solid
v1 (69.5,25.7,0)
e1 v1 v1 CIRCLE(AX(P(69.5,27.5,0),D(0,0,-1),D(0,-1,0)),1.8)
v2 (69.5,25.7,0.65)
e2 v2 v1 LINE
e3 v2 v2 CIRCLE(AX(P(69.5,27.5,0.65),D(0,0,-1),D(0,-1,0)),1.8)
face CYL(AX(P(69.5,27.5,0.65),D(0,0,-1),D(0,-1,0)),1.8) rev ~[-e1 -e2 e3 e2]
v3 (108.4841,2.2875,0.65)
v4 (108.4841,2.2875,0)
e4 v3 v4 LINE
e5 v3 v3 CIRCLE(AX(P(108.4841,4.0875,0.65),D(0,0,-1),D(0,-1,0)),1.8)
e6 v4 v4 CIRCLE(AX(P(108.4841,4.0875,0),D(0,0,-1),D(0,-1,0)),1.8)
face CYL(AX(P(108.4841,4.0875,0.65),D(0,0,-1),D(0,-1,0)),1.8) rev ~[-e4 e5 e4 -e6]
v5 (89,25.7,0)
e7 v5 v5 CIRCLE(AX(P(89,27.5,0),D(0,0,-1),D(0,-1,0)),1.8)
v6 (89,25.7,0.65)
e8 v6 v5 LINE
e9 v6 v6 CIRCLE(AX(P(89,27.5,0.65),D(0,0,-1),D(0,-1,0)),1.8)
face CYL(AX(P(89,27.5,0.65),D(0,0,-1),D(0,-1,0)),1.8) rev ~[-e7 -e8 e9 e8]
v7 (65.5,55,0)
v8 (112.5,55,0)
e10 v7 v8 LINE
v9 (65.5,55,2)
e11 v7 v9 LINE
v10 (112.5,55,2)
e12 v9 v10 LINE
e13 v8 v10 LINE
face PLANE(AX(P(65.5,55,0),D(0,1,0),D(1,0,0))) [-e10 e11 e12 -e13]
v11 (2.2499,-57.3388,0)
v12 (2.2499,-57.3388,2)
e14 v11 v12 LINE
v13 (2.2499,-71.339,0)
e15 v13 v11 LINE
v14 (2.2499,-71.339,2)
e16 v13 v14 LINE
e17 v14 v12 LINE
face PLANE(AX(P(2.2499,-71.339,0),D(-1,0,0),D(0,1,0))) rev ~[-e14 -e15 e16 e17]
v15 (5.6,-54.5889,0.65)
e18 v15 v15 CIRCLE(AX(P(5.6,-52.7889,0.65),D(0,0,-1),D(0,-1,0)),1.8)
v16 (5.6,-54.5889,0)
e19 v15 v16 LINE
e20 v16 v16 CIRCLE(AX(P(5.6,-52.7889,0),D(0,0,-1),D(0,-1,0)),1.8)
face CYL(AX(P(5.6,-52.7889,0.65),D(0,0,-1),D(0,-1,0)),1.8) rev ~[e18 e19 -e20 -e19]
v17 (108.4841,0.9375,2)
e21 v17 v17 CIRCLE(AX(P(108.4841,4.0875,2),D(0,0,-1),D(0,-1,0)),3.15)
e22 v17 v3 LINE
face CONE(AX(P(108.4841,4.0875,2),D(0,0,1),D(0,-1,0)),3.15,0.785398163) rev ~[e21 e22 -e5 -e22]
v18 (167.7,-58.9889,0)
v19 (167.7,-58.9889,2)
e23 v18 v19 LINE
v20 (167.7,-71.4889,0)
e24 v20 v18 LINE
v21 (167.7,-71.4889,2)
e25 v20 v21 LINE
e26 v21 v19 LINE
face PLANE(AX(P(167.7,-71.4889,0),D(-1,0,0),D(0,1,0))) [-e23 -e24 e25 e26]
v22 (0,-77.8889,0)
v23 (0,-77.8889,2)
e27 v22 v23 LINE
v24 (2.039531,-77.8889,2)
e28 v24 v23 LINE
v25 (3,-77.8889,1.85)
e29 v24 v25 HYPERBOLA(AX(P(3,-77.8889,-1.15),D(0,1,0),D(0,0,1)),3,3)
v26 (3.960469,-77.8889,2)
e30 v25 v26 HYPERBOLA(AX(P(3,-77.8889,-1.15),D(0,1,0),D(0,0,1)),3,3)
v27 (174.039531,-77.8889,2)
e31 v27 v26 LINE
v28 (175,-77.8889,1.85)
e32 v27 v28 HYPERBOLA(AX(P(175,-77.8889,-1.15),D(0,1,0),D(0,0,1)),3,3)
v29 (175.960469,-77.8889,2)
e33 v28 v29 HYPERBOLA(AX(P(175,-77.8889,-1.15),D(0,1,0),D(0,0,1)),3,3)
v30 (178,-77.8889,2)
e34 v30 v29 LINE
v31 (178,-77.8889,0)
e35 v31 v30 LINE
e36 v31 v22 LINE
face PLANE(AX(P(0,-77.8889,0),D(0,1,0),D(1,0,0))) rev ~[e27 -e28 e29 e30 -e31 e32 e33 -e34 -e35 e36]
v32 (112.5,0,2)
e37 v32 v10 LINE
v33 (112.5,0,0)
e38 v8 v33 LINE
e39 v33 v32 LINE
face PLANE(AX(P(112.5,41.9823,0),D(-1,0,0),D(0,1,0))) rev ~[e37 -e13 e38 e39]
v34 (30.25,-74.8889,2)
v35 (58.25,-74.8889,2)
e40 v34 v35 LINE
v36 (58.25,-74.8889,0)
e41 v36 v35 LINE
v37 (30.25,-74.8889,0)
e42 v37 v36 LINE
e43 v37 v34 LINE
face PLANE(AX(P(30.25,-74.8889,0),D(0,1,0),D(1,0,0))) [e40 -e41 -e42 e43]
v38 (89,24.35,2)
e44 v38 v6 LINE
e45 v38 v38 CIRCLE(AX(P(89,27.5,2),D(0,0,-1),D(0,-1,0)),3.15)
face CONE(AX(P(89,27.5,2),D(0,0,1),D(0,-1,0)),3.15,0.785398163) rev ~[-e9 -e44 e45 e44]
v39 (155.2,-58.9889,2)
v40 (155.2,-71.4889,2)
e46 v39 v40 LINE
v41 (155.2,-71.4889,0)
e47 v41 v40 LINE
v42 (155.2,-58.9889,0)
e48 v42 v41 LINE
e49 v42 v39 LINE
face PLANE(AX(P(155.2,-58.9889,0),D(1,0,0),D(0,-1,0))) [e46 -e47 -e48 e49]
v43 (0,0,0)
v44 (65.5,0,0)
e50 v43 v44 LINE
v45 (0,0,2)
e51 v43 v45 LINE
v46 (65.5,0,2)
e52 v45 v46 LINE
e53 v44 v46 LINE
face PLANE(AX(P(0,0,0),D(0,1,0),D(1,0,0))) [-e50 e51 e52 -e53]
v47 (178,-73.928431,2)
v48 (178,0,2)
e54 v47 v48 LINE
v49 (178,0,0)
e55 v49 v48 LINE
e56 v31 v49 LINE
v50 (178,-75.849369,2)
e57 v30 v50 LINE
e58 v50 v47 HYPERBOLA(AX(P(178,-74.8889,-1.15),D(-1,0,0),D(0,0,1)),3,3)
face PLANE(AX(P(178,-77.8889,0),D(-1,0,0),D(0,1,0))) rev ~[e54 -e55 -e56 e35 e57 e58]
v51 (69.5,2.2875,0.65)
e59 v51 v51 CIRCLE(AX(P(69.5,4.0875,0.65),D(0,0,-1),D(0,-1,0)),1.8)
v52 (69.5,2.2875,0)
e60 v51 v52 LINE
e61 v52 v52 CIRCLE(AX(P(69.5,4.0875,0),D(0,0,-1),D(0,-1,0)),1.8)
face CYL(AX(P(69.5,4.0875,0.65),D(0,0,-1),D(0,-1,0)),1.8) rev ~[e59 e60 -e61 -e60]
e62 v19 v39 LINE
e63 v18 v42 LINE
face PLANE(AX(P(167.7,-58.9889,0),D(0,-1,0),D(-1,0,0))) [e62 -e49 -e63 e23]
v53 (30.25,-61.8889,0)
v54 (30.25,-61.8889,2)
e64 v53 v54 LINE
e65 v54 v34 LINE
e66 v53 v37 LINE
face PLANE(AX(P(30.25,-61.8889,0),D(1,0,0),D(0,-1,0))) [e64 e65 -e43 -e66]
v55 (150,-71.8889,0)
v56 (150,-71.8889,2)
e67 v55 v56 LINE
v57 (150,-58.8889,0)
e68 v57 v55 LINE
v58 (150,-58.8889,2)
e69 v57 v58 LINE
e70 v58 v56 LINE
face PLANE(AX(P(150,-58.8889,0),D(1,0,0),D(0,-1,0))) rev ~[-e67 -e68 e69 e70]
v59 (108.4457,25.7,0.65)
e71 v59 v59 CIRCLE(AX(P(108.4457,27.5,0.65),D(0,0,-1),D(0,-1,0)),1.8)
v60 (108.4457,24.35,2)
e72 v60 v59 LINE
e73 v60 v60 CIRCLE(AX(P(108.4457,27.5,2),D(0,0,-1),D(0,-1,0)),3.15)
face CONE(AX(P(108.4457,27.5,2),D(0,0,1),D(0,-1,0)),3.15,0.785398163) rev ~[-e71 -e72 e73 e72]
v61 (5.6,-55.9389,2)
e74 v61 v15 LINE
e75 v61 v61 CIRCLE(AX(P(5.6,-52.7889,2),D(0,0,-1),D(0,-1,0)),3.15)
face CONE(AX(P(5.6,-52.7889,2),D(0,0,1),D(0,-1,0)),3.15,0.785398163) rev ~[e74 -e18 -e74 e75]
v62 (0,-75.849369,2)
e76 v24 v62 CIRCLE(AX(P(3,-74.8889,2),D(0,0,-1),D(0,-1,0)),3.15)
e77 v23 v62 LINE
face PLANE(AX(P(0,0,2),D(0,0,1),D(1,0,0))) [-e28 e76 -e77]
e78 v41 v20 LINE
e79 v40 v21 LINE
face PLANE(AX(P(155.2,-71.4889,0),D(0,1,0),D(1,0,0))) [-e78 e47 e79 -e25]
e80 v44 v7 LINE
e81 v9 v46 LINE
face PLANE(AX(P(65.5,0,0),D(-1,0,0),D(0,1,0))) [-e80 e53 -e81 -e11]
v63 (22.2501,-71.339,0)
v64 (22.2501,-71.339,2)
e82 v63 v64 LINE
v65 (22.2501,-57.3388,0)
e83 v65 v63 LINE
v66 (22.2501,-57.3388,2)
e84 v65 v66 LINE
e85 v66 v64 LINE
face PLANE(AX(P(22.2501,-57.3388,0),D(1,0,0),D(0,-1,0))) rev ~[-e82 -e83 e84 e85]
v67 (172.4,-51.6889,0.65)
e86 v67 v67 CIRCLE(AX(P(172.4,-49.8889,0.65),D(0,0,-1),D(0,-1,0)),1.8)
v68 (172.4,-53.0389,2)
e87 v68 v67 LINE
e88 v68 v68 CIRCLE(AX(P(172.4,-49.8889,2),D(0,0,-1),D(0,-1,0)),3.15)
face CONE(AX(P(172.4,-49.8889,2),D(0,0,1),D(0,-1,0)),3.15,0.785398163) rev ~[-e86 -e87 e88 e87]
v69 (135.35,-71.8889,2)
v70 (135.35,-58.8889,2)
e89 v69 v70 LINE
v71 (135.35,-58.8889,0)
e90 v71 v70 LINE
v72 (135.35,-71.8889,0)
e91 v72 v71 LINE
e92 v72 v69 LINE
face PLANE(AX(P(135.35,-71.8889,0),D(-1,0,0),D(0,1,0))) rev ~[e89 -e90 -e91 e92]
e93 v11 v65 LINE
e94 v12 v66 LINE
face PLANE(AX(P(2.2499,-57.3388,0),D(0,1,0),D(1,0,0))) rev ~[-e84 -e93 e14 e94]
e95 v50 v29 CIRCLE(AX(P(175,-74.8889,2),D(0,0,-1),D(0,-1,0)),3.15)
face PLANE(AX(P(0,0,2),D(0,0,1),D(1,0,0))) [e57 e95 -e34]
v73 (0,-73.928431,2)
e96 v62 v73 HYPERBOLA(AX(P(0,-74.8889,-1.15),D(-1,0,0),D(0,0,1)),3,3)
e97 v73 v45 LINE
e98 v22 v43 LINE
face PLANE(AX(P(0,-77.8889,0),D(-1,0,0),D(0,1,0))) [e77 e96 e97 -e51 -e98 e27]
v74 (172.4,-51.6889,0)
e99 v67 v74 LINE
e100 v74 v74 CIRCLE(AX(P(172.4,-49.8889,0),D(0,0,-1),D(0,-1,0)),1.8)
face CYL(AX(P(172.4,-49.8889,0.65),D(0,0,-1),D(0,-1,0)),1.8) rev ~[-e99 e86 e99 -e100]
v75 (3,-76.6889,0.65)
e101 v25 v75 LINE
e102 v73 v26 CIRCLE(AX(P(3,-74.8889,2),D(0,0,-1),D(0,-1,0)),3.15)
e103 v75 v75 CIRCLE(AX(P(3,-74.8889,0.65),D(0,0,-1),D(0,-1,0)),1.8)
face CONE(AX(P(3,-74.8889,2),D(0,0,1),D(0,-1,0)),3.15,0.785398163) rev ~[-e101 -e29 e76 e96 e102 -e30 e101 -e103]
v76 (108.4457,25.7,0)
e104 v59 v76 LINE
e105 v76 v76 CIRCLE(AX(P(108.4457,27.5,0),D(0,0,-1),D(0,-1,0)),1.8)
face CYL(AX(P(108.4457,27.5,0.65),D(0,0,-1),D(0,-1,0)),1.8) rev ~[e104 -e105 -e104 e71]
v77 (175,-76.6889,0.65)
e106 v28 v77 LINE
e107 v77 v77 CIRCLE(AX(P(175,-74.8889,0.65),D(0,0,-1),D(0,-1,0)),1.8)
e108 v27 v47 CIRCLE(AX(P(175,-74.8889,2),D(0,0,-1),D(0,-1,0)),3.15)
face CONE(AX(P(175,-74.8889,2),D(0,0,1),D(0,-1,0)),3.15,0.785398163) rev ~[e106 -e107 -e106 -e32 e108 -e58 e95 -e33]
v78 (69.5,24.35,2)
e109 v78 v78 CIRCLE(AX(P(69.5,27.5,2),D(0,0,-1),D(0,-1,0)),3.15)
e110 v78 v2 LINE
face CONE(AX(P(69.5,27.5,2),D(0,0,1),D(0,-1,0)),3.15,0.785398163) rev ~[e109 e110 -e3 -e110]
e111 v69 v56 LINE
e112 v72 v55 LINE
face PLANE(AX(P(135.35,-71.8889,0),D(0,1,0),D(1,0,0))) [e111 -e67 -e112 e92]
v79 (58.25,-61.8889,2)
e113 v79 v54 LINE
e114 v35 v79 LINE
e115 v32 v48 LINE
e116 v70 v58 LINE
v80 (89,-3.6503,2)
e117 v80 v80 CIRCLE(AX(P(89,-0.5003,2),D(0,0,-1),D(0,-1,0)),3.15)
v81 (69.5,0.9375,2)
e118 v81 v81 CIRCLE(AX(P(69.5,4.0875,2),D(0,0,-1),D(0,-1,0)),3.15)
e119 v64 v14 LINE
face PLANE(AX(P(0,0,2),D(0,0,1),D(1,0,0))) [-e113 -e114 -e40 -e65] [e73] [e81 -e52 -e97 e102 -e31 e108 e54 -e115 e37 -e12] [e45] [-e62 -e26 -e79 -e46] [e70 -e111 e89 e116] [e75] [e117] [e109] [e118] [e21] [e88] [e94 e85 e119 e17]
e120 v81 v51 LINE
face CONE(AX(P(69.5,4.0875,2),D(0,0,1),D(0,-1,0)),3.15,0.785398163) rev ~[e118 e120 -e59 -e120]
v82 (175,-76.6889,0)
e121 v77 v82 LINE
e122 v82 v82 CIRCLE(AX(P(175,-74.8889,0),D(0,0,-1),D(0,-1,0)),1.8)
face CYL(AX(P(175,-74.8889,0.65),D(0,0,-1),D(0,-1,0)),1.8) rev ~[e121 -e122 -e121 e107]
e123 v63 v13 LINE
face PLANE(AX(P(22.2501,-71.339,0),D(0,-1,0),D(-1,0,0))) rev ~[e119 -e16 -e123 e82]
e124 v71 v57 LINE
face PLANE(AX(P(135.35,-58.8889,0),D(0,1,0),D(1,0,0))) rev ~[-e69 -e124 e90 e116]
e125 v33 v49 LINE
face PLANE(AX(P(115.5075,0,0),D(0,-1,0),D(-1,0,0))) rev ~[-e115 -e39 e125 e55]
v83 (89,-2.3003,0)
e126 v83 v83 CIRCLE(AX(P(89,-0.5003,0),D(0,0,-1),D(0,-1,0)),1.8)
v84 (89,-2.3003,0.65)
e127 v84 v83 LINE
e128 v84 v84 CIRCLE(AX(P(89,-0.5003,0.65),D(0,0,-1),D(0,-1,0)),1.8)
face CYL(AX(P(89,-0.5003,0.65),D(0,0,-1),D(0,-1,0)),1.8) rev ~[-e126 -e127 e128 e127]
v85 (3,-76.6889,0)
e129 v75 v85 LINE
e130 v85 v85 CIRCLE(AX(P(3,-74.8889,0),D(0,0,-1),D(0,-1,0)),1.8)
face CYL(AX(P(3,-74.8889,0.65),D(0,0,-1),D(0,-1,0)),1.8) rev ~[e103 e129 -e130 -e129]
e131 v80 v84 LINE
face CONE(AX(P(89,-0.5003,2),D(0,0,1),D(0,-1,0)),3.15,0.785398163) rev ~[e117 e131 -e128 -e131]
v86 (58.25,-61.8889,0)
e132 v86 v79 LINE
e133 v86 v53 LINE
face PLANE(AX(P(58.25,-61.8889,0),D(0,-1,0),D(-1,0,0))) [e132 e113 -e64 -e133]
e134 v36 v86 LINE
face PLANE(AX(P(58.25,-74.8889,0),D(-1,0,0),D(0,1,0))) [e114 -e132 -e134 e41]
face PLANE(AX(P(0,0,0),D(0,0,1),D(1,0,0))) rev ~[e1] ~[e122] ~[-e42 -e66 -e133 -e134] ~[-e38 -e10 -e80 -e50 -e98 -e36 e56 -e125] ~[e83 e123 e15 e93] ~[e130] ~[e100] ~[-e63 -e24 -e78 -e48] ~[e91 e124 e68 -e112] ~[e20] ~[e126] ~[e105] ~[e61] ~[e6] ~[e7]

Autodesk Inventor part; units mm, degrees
ref_plane "YZ Plane" through (0, 0, 0) normal (1, 0, 0) x (0, 1, 0)
ref_plane "XZ Plane" through (0, 0, 0) normal (0, 1, 0) x (-1, 0, 0)
ref_plane "XY Plane" through (0, 0, 0) normal (0, 0, 1) x (1, 0, 0)
ref_plane "Work Plane1" through (0, 0, 0) normal (0, 0, 1) x (1, 0, 0)
sketch "Sketch1" plane through (0, 0, 0) normal (0, 0, 1) x (1, 0, 0)
  circle A0 centre (3, -74.8889) radius 2.3 projected
  line L0 (3, 0) -> (3, -44.7889) projected
  line L1 (0, 0) -> (3, 0) projected
  line L2 (0, -77.8889) -> (0, 0) projected
  line L3 (0, -77.8889) -> (6, -77.8889) projected
  line L4 (6, -71.8889) -> (6, -77.8889) projected
  line L5 (6, -71.8889) -> (1.6, -71.8889) projected
  line L6 (1.6, -71.8889) -> (1.6, -56.7889) projected
  line L7 (1.6, -56.7889) -> (9.6, -56.7889) projected
  line L8 (9.6, -44.7889) -> (9.6, -56.7889) projected
  line L9 (3, -44.7889) -> (9.6, -44.7889) projected
  circle A1 centre (5.6, -52.7889) radius 2.6 projected
  circle A2 centre (172.4, -49.8889) radius 2.6 projected
  circle A3 centre (175, -74.8889) radius 2.3 projected
  line L10 (168.4, -41.8889) -> (175, -41.8889) projected
  line L11 (168.4, -53.8889) -> (168.4, -41.8889) projected
  line L12 (175, -53.8889) -> (168.4, -53.8889) projected
  line L13 (175, -53.8889) -> (175, -71.8889) projected
  line L14 (175, -71.8889) -> (172, -71.8889) projected
  line L15 (172, -71.8889) -> (172, -77.8889) projected
  line L16 (178, -77.8889) -> (172, -77.8889) projected
  line L17 (178, -77.8889) -> (178, 0) projected
  line L18 (178, 0) -> (175, 0) projected
  line L19 (175, 0) -> (175, -41.8889) projected
  line L20 (65.5, 41.9823) -> (65.5, 55) projected
  line L21 (112.5, 41.9823) -> (112.5, 55) projected
  line L22 (62.4925, 0) -> (3, 0) projected
  line L23 (115.5075, 0) -> (175, 0) projected
  line L24 (65.5, 55) -> (112.5, 55)
  line L25 (112.5, 55) -> (112.5, 0)
  line L26 (112.5, 0) -> (65.5, 0)
  line L27 (65.5, 0) -> (65.5, 55)
  line L28 (178, 0) -> (0, 0)
  line L29 (0, 0) -> (0, -77.8889)
  line L30 (0, -77.8889) -> (178, -77.8889)
  line L31 (178, -77.8889) -> (178, 0)
  line L32 (31.25, -62.8889) -> (31.25, -73.8889) projected
  line L33 (31.25, -73.8889) -> (57.25, -73.8889) projected
  line L34 (57.25, -73.8889) -> (57.25, -62.8889) projected
  line L35 (57.25, -62.8889) -> (31.25, -62.8889) projected
  line L36 (21.2501, -70.339) -> (21.2501, -58.3388) projected
  line L37 (21.2501, -58.3388) -> (3.2499, -58.3388) projected
  line L38 (3.2499, -70.339) -> (21.2501, -70.339) projected
  line L39 (3.2499, -58.3388) -> (3.2499, -70.339) projected
  line L40 (156.2, -70.4889) -> (156.2, -59.9889) projected
  line L41 (166.7, -59.9889) -> (156.2, -59.9889) projected
  line L42 (166.7, -59.9889) -> (166.7, -70.4889) projected
  line L43 (156.2, -70.4889) -> (166.7, -70.4889) projected
  line L44 (149, -59.8889) -> (149, -70.8889) projected
  line L45 (149, -70.8889) -> (136.35, -70.8889) projected
  line L46 (136.35, -70.8889) -> (136.35, -59.8889) projected
  line L47 (136.35, -59.8889) -> (149, -59.8889) projected
  line L48 (135, -53.8889) -> (135, -71.8889) projected
  line L49 (135, -71.8889) -> (175, -71.8889) projected
  line L50 (175, -71.8889) -> (175, -53.8889) projected
  line L51 (175, -53.8889) -> (135, -53.8889) projected
  circle A4 centre (137.85, -56.7389) radius 1.5 projected
  circle A5 centre (172.15, -56.7389) radius 1.5 projected
  line L52 (2.2499, -57.3388) -> (22.2501, -57.3388)
  line L53 (22.2501, -57.3388) -> (22.2501, -71.339)
  line L54 (22.2501, -71.339) -> (2.2499, -71.339)
  line L55 (2.2499, -71.339) -> (2.2499, -57.3388)
  line L56 (30.25, -61.8889) -> (30.25, -74.8889)
  line L57 (30.25, -74.8889) -> (58.25, -74.8889)
  line L58 (58.25, -74.8889) -> (58.25, -61.8889)
  line L59 (58.25, -61.8889) -> (30.25, -61.8889)
  line L60 (155.2, -58.9889) -> (155.2, -71.4889)
  line L61 (155.2, -71.4889) -> (167.7, -71.4889)
  line L62 (167.7, -71.4889) -> (167.7, -58.9889)
  line L63 (167.7, -58.9889) -> (155.2, -58.9889)
  line L64 (150, -58.8889) -> (150, -71.8889)
  line L65 (150, -71.8889) -> (135.35, -71.8889)
  line L66 (135.35, -71.8889) -> (135.35, -58.8889)
  line L67 (135.35, -58.8889) -> (150, -58.8889)
  dimension "d0" = 1
  dimension "d1" = 1
  dimension "d2" = 1
  dimension "d3" = 1
extrude "Extrusion1" add sketch "Sketch1" along normal blind 2 contours A0 | L22 L28 L26 L23 L19 L10 L11 L51 L48 L49 L15 L30 L4 L5 L6 L7 L8 L9 L0 | L0 L9 L8 L7 L6 L5 L4 L3 L2 L1 | L27 L20 L24 L21 L25 L26 | L15 L14 L13 L12 L11 L10 L19 L18 L17 L16 | L49 L64 L67 L66 L48 L51 L12 L13 L14 | A1 | A2 | A3 | A4 | A5
sketch "Sketch2" plane through (0, 0, 2) normal (0, 0, 1) x (1, 0, 0)
  circle A0 centre (3, -74.8889) radius 2 projected
  circle A1 centre (5.6, -52.7889) radius 2.6 projected
  circle A2 centre (172.4, -49.8889) radius 2.6 projected
  circle A3 centre (175, -74.8889) radius 2 projected
  circle A4 centre (108.4457, 27.5) radius 2.3 projected
  circle A5 centre (69.5, 27.5) radius 2.3 projected
  circle A6 centre (69.5, 4.0875) radius 2.3 projected
  circle A7 centre (108.4841, 4.0875) radius 2.3 projected
  circle A8 centre (89, -0.5003) radius 2.3 projected
  circle A9 centre (89, 27.5) radius 2.3 projected
  point P0 (0, 0)
hole "Hole1" at (3, -74.8889, 2) at (5.6, -52.7889, 2) at (175, -74.8889, 2) at (172.4, -49.8889, 2) at (89, -0.5003, 2) at (69.5, 4.0875, 2) at (108.4841, 4.0875, 2) at (89, 27.5, 2) at (69.5, 27.5, 2) at (108.4457, 27.5, 2) direction (0, 0, -1) diameter 3.6 end through all countersink diameter 6.3 countersink angle 90 clearance for "Countersunk Flat Head Screw ISO 2009/7046" size "M3" standard "ISO"
properties part number "ceil"
